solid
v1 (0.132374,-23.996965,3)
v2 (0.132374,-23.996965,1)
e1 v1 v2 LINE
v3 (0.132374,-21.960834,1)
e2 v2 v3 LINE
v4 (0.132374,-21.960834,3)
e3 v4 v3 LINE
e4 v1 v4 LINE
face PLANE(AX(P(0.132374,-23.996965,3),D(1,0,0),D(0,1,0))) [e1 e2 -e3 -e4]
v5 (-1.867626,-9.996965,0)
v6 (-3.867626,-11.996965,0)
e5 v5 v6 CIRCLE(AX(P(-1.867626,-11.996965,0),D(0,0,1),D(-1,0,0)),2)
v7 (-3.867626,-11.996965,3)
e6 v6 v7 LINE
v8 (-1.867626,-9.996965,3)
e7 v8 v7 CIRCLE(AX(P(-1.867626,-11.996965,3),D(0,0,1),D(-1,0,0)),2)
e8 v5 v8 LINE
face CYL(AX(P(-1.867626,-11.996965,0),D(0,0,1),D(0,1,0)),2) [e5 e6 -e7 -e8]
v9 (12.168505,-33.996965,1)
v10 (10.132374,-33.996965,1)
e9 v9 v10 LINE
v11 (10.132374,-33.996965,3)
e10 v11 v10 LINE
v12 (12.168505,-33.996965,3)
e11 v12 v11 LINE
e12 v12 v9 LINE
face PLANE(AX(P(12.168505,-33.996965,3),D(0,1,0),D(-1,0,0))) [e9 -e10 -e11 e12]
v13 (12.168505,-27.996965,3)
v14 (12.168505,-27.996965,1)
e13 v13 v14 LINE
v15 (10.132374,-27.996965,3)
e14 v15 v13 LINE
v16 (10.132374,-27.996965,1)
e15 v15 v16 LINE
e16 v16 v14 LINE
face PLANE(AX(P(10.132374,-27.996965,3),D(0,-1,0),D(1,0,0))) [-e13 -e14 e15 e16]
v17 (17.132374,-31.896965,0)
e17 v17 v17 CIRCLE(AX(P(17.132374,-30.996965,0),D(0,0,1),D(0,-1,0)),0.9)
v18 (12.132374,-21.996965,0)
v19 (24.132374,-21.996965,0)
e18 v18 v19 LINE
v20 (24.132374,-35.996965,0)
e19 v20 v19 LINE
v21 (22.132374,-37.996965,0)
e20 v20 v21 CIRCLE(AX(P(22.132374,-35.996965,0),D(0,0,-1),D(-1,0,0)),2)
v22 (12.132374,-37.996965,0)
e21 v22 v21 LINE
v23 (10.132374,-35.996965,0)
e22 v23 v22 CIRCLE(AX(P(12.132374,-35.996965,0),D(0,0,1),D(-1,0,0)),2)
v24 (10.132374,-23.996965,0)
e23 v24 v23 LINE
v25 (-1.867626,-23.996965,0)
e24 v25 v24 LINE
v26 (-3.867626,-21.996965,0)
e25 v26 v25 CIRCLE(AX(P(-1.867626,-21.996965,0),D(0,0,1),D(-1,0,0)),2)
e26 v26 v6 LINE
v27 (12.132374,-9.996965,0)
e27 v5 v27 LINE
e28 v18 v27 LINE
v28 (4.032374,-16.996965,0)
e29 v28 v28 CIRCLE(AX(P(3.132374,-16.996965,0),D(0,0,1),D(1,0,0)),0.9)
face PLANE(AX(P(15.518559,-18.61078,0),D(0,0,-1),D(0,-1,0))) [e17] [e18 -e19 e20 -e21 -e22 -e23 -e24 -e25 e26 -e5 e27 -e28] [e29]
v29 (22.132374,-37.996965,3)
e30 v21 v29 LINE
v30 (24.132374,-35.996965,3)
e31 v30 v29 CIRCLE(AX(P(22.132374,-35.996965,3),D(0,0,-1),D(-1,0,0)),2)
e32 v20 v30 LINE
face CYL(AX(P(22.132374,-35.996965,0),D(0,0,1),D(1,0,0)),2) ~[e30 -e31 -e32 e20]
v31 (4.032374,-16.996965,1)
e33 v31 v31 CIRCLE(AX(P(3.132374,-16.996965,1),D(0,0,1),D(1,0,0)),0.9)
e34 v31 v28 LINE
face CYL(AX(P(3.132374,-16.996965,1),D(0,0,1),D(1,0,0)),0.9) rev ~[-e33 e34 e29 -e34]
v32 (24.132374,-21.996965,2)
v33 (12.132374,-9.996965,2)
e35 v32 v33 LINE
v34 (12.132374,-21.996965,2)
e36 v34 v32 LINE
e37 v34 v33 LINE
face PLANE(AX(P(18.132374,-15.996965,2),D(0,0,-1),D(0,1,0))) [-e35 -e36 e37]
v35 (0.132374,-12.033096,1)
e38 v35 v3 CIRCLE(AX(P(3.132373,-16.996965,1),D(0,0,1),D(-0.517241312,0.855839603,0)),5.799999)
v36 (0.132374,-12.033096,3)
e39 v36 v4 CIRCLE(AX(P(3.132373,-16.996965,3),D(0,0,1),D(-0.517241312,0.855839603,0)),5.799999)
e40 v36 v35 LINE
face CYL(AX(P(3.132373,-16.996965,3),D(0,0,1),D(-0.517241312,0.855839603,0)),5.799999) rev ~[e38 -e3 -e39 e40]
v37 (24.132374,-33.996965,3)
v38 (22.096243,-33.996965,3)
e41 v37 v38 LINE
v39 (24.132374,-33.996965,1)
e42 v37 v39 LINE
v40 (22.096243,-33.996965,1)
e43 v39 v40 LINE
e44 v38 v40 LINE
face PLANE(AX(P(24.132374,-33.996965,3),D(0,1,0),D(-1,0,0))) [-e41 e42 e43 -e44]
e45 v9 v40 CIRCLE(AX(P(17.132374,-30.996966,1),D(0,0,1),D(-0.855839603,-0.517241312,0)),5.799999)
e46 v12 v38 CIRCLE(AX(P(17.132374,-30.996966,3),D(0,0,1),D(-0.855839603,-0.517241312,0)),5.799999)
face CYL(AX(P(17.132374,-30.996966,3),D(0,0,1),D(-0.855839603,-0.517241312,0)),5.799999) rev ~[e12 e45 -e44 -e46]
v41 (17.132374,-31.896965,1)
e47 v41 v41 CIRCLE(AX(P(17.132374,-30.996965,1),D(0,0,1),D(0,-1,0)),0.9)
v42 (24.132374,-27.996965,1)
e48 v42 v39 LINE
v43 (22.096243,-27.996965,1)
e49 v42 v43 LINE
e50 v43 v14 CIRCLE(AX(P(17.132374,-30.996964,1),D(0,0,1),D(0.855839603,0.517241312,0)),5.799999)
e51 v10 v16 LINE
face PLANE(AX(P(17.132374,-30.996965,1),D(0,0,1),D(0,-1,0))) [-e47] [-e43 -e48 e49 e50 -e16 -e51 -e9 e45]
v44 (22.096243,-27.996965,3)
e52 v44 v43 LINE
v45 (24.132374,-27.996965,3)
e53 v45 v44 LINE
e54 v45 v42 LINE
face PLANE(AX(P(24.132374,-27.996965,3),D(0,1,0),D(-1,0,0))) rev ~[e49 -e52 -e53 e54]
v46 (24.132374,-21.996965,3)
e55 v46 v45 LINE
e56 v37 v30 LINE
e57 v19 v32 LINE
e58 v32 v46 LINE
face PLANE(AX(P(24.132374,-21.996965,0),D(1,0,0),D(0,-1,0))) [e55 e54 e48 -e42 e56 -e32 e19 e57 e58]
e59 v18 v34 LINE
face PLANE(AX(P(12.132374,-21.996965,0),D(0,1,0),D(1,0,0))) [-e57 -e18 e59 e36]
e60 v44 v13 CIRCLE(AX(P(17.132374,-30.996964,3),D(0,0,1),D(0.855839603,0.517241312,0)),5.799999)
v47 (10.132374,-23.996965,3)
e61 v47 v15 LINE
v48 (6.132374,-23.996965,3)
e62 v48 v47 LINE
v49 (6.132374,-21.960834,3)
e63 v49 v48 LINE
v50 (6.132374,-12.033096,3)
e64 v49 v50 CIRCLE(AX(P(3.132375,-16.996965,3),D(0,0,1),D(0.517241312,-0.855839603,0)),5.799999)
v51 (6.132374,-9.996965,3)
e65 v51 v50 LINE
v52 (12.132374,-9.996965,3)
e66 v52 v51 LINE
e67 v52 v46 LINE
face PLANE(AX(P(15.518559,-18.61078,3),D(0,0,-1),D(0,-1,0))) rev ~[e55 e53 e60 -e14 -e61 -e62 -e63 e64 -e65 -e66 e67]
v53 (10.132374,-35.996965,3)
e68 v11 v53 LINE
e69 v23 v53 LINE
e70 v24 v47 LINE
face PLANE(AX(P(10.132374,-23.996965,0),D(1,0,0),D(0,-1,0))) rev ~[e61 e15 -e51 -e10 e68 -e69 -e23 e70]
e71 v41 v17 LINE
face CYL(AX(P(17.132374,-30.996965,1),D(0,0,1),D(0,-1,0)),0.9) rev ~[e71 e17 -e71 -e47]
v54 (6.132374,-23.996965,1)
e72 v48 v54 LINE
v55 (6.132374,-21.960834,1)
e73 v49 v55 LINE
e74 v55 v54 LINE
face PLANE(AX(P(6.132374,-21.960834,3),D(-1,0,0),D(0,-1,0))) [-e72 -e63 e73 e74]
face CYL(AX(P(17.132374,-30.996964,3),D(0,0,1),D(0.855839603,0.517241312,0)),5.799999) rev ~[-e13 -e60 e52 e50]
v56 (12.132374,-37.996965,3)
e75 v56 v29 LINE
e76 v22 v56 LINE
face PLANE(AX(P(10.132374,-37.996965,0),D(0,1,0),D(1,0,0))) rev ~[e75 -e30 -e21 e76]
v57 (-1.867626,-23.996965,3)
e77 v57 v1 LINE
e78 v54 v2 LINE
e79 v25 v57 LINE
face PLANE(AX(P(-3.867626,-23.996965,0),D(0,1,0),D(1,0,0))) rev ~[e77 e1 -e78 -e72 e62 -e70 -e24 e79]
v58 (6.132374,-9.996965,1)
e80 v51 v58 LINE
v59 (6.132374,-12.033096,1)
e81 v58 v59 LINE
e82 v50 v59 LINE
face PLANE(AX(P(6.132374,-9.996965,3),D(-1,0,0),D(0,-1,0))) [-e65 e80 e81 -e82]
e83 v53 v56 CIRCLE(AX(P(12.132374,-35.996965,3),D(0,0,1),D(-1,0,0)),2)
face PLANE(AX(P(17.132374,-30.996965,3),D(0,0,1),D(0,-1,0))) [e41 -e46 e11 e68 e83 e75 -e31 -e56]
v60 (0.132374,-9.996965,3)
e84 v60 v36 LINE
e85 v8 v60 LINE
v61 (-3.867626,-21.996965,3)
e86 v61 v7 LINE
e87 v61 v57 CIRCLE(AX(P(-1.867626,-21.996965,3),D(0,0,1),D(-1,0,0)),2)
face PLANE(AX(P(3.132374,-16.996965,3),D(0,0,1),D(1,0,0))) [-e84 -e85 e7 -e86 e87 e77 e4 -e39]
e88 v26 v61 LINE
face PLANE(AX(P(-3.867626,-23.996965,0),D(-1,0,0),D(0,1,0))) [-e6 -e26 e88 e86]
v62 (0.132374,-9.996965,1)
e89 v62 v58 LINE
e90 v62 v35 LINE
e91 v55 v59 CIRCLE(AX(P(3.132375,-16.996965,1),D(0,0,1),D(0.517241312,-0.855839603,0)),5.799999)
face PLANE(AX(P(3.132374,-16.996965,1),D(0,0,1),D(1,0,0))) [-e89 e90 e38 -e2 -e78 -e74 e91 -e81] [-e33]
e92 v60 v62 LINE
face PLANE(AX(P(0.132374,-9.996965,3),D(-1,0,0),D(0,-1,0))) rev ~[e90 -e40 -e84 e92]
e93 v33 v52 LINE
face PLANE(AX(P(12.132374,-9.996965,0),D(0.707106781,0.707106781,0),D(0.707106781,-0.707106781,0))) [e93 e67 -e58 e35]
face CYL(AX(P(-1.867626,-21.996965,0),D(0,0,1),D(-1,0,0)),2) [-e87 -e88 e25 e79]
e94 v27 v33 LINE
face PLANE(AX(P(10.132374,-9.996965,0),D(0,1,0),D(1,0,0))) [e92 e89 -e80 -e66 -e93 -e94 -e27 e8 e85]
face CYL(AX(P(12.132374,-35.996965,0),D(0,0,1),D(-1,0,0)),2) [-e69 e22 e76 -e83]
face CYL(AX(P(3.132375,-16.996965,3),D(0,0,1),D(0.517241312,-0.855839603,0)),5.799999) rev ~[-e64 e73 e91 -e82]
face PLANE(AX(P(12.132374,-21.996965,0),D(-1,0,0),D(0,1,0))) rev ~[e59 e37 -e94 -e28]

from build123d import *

# Parameters (mm, degrees)
SKETCH006_W                 = 14
SKETCH006_H                 = 14
PAD002_DEPTH                = 3
POCKET004_DEPTH             = 2
SKETCH008_R                 = 0.9
POCKET005_DEPTH             = 1.001
CLONE001007_PLACEMENT_ANGLE = 90
PAD_DEPTH                   = 3
SKETCH010_W                 = 12
SKETCH010_H                 = 12
POCKET_DEPTH                = 2
CLONE001006_PLACEMENT_ANGLE = 180
FILLET001_R                 = 2
CLONE001009_PLACEMENT_ANGLE = -90


with BuildPart() as pushpin_unit001:
    # Sketch006 → Pad002 (new body)
    with BuildSketch(Plane.XY):
        Rectangle(SKETCH006_W, SKETCH006_H)
    extrude(amount=PAD002_DEPTH)

    # Sketch007 → Pocket004 (cut)
    with BuildSketch(Plane.XY.offset(3)):
        with BuildLine():
            Line((-3, 7), (-3, 4.963869))
            ThreePointArc((-3, 4.963869), (-5.8, 0), (-3, -4.963869))
            Line((-3, -7), (-3, -4.963869))
            Line((3, -7), (-3, -7))
            Line((3, -4.963869), (3, -7))
            ThreePointArc((3, -4.963869), (5.8, 0), (3, 4.963869))
            Line((3, 7), (3, 4.963869))
            Line((-3, 7), (3, 7))
        make_face()
    extrude(amount=-POCKET004_DEPTH, mode=Mode.SUBTRACT)

    # Sketch008 → Pocket005 (cut, through all)
    with BuildSketch(Plane.XY.offset(1)):
        Circle(SKETCH008_R)
    extrude(amount=-POCKET005_DEPTH, mode=Mode.SUBTRACT)


with BuildPart() as pushpin_unit001_1:
    # Clone001005 placement: moved
    add(pushpin_unit001.part.moved(Location((14, 0, 0))))


with BuildPart() as pushpin_unit003:
    # Clone001007 base: copy of pushpin-unit001
    add(pushpin_unit001_1.part)


with BuildPart() as pushpin_unit003_1:
    # Clone001007 placement: moved
    add(pushpin_unit003.part.moved(Location((0, -28, 0))).rotate(Axis((0, -28, 0), (0, 0, 1)), CLONE001007_PLACEMENT_ANGLE))


with BuildPart() as pushpin_unit002:
    # Sketch → Pad (new body)
    with BuildSketch(Plane.XY):
        Polygon((-7, -7), (-7, 7), (7, 7), (7, 5), (-5, -7), align=None)
    extrude(amount=PAD_DEPTH)

    # Sketch010 → Pocket (cut)
    with BuildSketch(Plane(origin=(0, 0, 0), x_dir=(1, 0, 0), z_dir=(0, 0, -1))):
        with Locations((1, 1)):
            Rectangle(SKETCH010_W, SKETCH010_H)
    extrude(amount=-POCKET_DEPTH, mode=Mode.SUBTRACT)


with BuildPart() as pushpin_unit002_1:
    # Clone001006 placement: moved
    add(pushpin_unit002.part.rotate(Axis((0, 0, 0), (0, 0, 1)), CLONE001006_PLACEMENT_ANGLE))


with BuildPart() as corner_holder_double001:
    # Fusion001 base: copy of pushpin-unit001
    add(pushpin_unit001_1.part)

    # Fusion001: union pushpin-unit003, pushpin-unit002
    add(pushpin_unit003_1.part)
    add(pushpin_unit002_1.part)

    # Fillet001
    fillet001_edges = [corner_holder_double001.edges().sort_by_distance(p)[0] for p in [
        (21, 7, 1.5),
        (21, -7, 1.5),
        (7, -21, 1.5),
        (-7, -21, 1.5),
    ]]
    fillet(fillet001_edges, radius=FILLET001_R)


with BuildPart() as corner_holder_double001_1:
    # Clone001008 placement: moved
    add(corner_holder_double001.part.moved(Location((-13.497608, 48.033168, 0))))


with BuildPart() as corner_holder_double001_2:
    # Clone001009 placement: moved
    add(corner_holder_double001_1.part.moved(Location((-30.900794, -30.494573, 0))).rotate(Axis((-30.900794, -30.494573, 0), (0, 0, 1)), CLONE001009_PLACEMENT_ANGLE))


solid = corner_holder_double001_2.part
